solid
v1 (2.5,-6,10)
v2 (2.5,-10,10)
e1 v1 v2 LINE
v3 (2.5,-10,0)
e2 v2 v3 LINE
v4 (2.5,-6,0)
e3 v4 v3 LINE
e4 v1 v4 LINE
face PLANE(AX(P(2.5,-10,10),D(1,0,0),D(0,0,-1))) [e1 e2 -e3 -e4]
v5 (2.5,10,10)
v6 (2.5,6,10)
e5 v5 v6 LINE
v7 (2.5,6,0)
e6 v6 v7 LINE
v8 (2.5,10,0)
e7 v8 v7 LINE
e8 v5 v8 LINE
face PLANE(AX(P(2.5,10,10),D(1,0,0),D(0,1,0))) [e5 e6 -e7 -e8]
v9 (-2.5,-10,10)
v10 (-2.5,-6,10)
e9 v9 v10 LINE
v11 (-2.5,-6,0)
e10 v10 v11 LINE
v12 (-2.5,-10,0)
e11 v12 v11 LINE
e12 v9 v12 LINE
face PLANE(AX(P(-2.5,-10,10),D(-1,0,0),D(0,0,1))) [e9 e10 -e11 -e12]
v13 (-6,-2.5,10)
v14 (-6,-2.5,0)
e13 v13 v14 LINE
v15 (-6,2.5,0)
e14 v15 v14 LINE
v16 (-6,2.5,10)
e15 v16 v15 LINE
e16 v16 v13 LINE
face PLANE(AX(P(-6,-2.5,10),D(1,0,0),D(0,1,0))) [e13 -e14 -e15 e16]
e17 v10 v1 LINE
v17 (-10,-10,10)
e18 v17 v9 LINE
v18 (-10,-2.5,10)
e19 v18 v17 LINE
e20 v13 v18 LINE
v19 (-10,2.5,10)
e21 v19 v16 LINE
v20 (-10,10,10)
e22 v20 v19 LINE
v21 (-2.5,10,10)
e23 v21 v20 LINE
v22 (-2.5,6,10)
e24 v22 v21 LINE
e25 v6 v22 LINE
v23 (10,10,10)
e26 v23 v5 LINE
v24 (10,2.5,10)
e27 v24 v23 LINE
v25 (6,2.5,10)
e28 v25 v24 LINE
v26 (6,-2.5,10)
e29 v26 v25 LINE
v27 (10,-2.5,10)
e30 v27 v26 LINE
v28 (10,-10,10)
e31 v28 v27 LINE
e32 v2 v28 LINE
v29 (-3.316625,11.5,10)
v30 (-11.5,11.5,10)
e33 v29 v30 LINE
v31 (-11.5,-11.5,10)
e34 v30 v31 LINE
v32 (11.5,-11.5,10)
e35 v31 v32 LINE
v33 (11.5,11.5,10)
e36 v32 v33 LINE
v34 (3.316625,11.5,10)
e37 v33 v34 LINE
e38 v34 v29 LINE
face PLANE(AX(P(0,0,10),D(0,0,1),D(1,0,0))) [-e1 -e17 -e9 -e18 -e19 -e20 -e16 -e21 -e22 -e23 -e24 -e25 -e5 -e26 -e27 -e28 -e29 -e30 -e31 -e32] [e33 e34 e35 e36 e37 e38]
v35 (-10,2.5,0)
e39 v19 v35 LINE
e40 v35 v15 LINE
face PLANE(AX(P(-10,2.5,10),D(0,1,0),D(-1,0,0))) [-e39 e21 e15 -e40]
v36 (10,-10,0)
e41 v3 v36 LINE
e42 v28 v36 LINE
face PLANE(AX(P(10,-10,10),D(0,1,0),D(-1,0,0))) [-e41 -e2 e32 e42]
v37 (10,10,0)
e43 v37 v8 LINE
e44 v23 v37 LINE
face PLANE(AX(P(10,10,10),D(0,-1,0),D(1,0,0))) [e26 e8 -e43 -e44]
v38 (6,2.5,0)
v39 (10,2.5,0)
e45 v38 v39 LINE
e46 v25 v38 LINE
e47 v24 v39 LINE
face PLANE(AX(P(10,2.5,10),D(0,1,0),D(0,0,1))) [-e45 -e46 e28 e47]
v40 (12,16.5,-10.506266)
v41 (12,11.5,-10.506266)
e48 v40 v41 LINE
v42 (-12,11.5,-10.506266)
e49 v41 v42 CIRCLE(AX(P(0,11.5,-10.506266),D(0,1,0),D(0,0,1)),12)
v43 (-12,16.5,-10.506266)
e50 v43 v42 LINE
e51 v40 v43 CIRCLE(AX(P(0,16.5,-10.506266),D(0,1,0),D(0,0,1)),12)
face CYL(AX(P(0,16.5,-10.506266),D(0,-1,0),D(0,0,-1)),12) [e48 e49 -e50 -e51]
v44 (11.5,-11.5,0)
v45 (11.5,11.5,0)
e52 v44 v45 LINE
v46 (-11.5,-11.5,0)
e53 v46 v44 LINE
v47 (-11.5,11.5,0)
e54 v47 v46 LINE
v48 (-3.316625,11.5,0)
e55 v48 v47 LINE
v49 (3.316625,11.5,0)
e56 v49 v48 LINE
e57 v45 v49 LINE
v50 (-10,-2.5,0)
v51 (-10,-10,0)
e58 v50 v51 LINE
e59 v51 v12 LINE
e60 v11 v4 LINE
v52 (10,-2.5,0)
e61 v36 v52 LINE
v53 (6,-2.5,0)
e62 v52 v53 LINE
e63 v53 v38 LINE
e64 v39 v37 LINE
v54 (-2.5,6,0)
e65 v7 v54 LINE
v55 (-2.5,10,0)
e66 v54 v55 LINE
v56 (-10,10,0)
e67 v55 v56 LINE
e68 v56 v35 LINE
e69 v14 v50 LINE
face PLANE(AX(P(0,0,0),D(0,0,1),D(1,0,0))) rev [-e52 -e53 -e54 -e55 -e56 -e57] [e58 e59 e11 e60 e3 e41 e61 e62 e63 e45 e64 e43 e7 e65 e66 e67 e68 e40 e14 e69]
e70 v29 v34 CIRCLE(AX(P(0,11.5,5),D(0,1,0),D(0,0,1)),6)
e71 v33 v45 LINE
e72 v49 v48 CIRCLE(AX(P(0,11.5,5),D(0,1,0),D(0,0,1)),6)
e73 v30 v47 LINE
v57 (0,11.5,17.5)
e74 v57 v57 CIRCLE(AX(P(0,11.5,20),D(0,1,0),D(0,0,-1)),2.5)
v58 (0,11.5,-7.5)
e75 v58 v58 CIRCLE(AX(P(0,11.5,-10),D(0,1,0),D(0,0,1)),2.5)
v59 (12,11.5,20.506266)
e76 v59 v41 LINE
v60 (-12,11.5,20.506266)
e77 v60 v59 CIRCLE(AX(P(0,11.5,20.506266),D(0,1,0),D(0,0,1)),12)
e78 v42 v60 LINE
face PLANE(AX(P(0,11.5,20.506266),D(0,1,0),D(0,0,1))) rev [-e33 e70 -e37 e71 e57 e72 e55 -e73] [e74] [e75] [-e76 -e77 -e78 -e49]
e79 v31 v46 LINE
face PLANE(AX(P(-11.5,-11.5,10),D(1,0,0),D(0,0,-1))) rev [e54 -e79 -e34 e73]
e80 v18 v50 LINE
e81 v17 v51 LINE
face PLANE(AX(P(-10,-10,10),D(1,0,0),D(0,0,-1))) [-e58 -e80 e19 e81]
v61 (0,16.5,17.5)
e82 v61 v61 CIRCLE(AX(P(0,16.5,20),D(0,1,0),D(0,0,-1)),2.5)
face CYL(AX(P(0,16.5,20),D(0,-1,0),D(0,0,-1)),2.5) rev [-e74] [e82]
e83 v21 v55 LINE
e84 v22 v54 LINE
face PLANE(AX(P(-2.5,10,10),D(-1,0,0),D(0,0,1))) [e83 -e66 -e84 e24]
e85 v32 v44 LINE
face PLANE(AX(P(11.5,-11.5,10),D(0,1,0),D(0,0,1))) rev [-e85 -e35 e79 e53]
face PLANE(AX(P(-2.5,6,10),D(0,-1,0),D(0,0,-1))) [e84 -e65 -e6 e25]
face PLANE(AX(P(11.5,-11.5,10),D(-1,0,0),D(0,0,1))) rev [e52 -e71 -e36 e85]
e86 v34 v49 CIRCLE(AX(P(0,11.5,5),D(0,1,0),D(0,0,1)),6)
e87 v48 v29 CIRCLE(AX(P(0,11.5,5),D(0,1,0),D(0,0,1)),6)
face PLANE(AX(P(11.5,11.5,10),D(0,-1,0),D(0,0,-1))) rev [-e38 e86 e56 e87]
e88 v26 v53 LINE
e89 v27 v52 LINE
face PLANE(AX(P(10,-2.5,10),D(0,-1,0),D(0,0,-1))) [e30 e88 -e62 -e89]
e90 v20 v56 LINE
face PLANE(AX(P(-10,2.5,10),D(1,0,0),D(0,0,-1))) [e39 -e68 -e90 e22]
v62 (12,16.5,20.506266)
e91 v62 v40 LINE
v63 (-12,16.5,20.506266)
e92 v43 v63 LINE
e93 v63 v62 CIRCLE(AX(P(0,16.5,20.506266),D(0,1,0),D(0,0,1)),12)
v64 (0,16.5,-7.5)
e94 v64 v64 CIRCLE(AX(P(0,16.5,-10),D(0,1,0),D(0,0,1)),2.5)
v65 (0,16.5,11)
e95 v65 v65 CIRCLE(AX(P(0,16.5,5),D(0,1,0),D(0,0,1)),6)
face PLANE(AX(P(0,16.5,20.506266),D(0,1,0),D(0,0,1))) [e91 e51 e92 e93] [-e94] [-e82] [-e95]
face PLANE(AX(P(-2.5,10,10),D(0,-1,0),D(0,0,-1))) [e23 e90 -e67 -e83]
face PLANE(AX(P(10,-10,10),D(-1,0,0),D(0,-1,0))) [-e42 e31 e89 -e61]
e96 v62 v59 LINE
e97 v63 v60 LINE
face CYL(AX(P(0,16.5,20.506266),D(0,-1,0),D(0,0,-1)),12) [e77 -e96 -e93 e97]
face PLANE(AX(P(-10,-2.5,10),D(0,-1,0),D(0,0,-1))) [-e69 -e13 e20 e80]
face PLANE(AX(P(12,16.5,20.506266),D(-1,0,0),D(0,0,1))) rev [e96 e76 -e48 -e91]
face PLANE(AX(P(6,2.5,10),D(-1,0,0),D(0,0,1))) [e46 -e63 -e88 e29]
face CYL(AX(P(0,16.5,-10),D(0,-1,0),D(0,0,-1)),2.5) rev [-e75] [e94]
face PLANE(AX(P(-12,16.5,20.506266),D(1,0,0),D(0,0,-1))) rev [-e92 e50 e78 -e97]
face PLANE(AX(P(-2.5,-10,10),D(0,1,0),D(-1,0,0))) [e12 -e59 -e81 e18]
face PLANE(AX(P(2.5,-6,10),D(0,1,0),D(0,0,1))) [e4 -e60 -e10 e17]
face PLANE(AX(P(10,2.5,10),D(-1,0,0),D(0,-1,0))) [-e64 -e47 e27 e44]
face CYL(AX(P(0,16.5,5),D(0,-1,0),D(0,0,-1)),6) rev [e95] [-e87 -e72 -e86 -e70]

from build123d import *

# Parameters (mm, degrees)
SKETCH1_W           = 23
SKETCH1_H           = 23
BOSS_EXTRUDE1_DEPTH = 10
SKETCH2_R           = 2.5
SKETCH2_R_2         = 6
BOSS_EXTRUDE2_DEPTH = 5


with BuildPart() as part:
    # Sketch1 → Boss-Extrude1 (new body)
    with BuildSketch(Plane.XY):
        Rectangle(SKETCH1_W, SKETCH1_H)
        Polygon((-2.5, 10), (-10, 10), (-10, 2.5), (-6, 2.5), (-6, -2.5), (-10, -2.5), (-10, -10), (-2.5, -10), (-2.5, -6), (2.5, -6), (2.5, -10), (10, -10), (10, -2.5), (6, -2.5), (6, 2.5), (10, 2.5), (10, 10), (2.5, 10), (2.5, 6), (-2.5, 6), align=None, mode=Mode.SUBTRACT)
    extrude(amount=BOSS_EXTRUDE1_DEPTH)

    # Sketch2 → Boss-Extrude2 (add)
    with BuildSketch(Plane(origin=(0, 11.5, 0), x_dir=(1, 0, 0), z_dir=(0, 1, 0))):
        with BuildLine():
            Line((-12, -20.506265624), (-12, 10.506265624))
            ThreePointArc((-12, 10.506265624), (0, 22.506265624), (12, 10.506265624))
            Line((12, 10.506265624), (12, -20.506265624))
            ThreePointArc((12, -20.506265624), (0, -32.506265624), (-12, -20.506265624))
        make_face()
        with Locations(Location((0, 10, 0), (0, 0, 270))):
            Circle(SKETCH2_R, mode=Mode.SUBTRACT)
        with Locations(Location((0, -20, 0), (0, 0, 90))):
            Circle(SKETCH2_R, mode=Mode.SUBTRACT)
        with Locations(Location((0, -5, 0), (0, 0, 56.442690238))):
            Circle(SKETCH2_R_2, mode=Mode.SUBTRACT)
    extrude(amount=BOSS_EXTRUDE2_DEPTH)


solid = part.part
